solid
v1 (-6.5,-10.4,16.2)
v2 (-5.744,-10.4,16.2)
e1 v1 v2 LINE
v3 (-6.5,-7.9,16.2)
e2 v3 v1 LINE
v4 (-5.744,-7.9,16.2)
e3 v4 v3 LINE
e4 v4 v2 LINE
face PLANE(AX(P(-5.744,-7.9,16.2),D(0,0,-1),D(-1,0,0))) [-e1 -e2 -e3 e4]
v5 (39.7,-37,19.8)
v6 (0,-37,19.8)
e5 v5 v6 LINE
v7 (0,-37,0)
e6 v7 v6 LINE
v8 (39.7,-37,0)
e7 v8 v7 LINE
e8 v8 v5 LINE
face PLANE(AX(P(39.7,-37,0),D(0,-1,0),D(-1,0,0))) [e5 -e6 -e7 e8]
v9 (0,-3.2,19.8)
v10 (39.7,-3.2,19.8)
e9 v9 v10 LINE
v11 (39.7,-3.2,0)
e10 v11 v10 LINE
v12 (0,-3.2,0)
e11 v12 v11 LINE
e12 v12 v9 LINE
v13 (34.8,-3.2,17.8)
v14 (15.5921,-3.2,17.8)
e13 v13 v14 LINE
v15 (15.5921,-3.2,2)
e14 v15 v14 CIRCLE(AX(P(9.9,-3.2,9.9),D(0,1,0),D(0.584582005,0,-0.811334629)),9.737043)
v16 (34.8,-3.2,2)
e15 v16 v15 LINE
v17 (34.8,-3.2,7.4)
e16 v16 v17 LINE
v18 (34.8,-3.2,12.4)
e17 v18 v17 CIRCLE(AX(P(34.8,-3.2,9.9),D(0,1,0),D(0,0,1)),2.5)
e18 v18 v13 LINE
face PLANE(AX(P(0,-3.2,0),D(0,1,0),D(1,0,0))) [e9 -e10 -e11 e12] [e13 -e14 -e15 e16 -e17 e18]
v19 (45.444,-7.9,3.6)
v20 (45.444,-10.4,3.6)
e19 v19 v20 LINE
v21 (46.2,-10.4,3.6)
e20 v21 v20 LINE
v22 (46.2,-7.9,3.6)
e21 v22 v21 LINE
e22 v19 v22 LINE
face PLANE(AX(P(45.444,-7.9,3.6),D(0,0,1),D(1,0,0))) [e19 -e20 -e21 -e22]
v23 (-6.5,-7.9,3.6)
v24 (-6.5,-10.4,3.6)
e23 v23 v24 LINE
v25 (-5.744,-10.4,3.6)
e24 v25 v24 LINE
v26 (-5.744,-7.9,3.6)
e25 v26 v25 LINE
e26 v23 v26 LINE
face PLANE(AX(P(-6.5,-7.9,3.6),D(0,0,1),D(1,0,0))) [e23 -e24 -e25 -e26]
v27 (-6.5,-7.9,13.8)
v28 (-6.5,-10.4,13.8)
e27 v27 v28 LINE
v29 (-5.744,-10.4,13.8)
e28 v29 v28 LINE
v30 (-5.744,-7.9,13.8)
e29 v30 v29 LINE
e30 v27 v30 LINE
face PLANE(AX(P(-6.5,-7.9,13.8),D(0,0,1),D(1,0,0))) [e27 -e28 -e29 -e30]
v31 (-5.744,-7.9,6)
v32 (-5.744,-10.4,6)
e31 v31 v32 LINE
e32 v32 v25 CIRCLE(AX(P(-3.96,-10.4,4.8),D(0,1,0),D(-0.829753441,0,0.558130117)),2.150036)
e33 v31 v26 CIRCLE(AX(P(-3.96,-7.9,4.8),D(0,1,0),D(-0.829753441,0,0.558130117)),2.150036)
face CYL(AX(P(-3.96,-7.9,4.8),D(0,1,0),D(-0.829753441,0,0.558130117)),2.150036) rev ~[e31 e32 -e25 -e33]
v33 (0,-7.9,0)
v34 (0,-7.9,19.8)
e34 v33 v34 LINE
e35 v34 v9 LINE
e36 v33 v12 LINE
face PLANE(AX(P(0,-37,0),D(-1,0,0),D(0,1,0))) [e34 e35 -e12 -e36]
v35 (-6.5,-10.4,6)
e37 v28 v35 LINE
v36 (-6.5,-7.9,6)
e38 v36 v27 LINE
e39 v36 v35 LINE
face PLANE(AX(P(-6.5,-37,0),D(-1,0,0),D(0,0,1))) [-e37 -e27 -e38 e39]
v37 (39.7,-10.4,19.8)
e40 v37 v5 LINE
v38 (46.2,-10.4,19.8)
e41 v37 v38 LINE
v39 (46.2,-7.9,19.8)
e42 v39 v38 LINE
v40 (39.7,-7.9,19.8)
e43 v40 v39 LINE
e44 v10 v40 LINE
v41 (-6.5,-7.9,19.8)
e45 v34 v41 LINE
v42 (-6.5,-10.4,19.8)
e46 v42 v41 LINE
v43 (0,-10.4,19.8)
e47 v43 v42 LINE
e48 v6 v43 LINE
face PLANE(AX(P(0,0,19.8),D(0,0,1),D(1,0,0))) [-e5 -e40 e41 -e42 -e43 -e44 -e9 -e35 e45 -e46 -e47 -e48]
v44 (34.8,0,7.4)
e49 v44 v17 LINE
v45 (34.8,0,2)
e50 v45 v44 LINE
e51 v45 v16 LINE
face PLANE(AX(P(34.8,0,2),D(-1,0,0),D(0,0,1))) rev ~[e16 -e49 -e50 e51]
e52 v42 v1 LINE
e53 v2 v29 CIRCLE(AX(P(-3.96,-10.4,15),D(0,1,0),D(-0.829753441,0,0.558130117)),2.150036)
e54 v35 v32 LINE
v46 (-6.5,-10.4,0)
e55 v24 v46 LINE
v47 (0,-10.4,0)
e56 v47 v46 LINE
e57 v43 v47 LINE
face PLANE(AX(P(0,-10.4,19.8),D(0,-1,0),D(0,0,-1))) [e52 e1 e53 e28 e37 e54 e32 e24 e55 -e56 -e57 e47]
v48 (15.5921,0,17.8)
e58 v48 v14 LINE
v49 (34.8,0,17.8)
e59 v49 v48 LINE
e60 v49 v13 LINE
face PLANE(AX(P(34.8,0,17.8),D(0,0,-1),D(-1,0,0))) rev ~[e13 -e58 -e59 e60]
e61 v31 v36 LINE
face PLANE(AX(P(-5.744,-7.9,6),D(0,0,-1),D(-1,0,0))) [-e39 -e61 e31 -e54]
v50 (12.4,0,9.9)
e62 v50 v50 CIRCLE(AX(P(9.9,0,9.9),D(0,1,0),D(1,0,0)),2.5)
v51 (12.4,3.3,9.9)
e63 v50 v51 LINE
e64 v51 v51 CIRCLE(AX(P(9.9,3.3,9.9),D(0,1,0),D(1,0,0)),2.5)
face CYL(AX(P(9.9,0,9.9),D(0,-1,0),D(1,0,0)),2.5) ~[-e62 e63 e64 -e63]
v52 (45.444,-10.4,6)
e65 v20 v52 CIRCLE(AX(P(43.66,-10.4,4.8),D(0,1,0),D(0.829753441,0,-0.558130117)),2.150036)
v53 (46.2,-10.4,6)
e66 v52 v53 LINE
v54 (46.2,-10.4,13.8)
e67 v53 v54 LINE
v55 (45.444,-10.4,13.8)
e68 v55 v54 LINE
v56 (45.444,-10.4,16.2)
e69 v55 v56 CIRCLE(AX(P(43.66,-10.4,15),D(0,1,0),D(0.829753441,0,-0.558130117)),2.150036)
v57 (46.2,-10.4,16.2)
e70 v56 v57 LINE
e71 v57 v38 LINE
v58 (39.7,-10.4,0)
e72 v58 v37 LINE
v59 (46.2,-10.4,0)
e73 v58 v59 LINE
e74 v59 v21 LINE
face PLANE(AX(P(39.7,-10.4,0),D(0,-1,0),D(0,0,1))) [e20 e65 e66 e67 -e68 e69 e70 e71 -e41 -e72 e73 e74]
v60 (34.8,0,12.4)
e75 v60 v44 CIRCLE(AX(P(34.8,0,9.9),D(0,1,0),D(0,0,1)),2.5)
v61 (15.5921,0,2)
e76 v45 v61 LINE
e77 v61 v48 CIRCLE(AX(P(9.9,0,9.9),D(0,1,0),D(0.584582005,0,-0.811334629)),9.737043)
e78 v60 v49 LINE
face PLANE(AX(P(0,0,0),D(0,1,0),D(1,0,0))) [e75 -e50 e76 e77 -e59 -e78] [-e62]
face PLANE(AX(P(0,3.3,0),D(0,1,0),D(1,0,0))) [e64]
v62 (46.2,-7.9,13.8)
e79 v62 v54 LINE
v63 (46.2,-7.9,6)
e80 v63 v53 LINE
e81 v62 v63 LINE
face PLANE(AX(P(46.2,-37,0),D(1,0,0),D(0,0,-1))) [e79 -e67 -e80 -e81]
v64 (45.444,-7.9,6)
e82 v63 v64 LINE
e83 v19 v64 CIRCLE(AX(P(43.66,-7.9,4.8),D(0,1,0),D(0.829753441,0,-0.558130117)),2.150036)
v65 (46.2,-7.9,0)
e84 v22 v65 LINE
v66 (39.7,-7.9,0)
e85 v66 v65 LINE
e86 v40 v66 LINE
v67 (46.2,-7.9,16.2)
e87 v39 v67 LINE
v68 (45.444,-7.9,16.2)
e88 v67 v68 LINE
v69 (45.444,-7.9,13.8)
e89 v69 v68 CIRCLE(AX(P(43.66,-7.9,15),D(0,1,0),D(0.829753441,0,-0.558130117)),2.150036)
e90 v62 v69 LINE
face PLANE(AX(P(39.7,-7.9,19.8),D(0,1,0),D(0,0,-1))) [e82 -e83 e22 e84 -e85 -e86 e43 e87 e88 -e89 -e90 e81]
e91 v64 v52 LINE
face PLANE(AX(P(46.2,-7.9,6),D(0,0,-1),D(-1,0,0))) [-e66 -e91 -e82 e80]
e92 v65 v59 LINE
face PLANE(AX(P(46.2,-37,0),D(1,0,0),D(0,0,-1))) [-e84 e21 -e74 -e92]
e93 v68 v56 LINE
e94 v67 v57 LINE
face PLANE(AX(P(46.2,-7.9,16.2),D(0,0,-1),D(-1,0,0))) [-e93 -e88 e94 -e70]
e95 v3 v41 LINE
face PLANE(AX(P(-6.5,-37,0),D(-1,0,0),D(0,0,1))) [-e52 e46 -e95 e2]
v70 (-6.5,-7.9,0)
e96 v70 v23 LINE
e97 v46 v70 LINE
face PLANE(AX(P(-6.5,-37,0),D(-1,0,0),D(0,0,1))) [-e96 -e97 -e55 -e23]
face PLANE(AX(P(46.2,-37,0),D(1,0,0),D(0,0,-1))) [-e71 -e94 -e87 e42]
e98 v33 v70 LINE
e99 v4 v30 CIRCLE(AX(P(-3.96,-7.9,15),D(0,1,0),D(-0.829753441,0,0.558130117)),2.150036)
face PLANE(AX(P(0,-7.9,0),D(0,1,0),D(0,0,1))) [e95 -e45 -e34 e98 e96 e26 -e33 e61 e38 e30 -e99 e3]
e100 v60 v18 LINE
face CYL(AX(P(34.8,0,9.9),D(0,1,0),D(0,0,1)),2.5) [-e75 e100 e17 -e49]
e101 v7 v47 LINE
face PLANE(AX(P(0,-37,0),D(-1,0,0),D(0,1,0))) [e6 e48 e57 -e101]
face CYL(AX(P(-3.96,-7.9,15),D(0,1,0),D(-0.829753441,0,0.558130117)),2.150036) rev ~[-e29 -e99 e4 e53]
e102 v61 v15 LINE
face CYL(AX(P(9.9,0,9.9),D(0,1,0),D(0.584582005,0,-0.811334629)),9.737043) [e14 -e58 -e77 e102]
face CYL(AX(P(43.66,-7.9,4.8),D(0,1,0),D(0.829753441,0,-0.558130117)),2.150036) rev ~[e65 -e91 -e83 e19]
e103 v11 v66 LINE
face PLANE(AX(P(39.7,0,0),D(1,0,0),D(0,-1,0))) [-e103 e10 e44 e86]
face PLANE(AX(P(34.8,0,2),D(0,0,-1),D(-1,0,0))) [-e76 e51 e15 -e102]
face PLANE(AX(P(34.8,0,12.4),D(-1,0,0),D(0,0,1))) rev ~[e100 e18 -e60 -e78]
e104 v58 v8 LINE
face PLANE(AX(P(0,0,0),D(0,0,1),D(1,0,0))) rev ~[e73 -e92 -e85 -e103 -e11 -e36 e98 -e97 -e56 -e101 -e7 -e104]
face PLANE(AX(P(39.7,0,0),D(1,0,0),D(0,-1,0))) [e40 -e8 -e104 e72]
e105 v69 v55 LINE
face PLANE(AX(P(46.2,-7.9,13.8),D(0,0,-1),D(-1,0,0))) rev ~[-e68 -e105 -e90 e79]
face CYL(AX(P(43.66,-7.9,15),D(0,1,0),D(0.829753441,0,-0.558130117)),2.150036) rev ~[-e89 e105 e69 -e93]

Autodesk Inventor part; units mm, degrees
ref_plane "YZ Plane" through (0, 0, 0) normal (1, 0, 0) x (0, 1, 0)
ref_plane "XZ Plane" through (0, 0, 0) normal (0, 1, 0) x (-1, 0, 0)
ref_plane "XY Plane" through (0, 0, 0) normal (0, 0, 1) x (1, 0, 0)
sketch "Sketch1" plane through (0, 0, 0) normal (0, 0, 1) x (1, 0, 0)
  line L0 (0, 0) -> (39.7, 0)
  line L1 (39.7, 0) -> (39.7, -37)
  line L2 (39.7, -37) -> (0, -37)
  line L3 (0, -37) -> (0, 0)
  dimension "d0" = 39.7
  dimension "d1" = 37
extrude "Extrusion1" add sketch "Sketch1" along normal blind 19.8
sketch "Sketch2" plane through (39.7, -37, 0) normal (1, 0, 0) x (0, 0, -1)
  line L0 (-19.8, 37) -> (-19.8, 0) projected
  line L1 (0, 37) -> (0, 0) projected
  line L2 (0, 37) -> (-19.8, 37) projected
  line L3 (-19.8, 29.1) -> (0, 29.1)
  line L4 (0, 29.1) -> (0, 26.6)
  line L5 (0, 26.6) -> (-19.8, 26.6)
  line L6 (-19.8, 26.6) -> (-19.8, 29.1)
  dimension "d4" = 2.5
  dimension "d5" = 10.4
extrude "Extrusion2" add sketch "Sketch2" along normal blind 6.5 contours L3 L1 L5 L0
sketch "Sketch3" plane through (39.7, -7.9, 19.8) normal (0, 1, 0) x (1, 0, 0)
  line L0 (6.5, 0) -> (6.5, 19.8) projected
  arc A0 (5.744, 16.2) -> (5.744, 13.8) centre (3.96, 15) ccw
  arc A1 (5.744, 6) -> (5.744, 3.6) centre (3.96, 4.8) ccw
  line L1 (6.5, 4.8) -> (6.5, 6)
  line L2 (6.5, 6) -> (5.744, 6)
  line L3 (6.5, 3.6) -> (5.744, 3.6)
  line L4 (6.5, 4.8) -> (6.5, 3.6)
  line L5 (6.5, 15) -> (6.5, 13.8)
  line L6 (6.5, 13.8) -> (5.744, 13.8)
  line L7 (5.744, 16.2) -> (6.5, 16.2)
  line L8 (6.5, 16.2) -> (6.5, 15)
  point P0 (-39.7, 19.8)
extrude "Extrusion3" cut sketch "Sketch3" against normal blind 6.5
sketch "Sketch4" plane through (0, -37, 0) normal (-1, 0, 0) x (0, 0, 1)
  line L0 (19.8, 0) -> (19.8, 37) projected
  line L1 (0, 37) -> (19.8, 37) projected
  line L2 (0, 0) -> (0, 37) projected
  line L3 (0, 29.1) -> (19.8, 29.1)
  line L4 (19.8, 29.1) -> (19.8, 26.6)
  line L5 (19.8, 26.6) -> (0, 26.6)
  line L6 (0, 26.6) -> (0, 29.1)
  dimension "d18" = 2.5
  dimension "d19" = 10.4
extrude "Extrusion4" add sketch "Sketch4" along normal blind 6.5 contours L5 L2 L3 L0
sketch "Sketch5" plane through (0, -7.9, 19.8) normal (0, 1, 0) x (1, 0, 0)
  line L0 (-6.5, 19.8) -> (-6.5, 0) projected
  arc A0 (-5.744, 3.6) -> (-5.744, 6) centre (-3.96, 4.8) ccw
  arc A1 (-5.744, 13.8) -> (-5.744, 16.2) centre (-3.96, 15) ccw
  line L1 (-6.5, 15) -> (-6.5, 16.2)
  line L2 (-6.5, 16.2) -> (-5.744, 16.2)
  line L3 (-5.744, 13.8) -> (-6.5, 13.8)
  line L4 (-6.5, 13.8) -> (-6.5, 15)
  line L5 (-6.5, 4.8) -> (-6.5, 6)
  line L6 (-6.5, 6) -> (-5.744, 6)
  line L7 (-5.744, 3.6) -> (-6.5, 3.6)
  line L8 (-6.5, 3.6) -> (-6.5, 4.8)
  dimension "d25" = 4.3
  dimension "d26" = 1.2
  dimension "d27" = 2.4
extrude "Extrusion5" cut sketch "Sketch5" against normal blind 6.5
sketch "Sketch6" plane through (0, 0, 0) normal (0, 1, 0) x (1, 0, 0)
  line L0 (0, 0) -> (39.7, 0) projected
  line L1 (0, 0) -> (0, -19.8) projected
  circle A0 centre (9.9, -9.9) radius 2.5
  dimension "d30" = 5
  dimension "d31" = 19.8
  dimension "d32" = 9.9
  dimension "d33" = 9.9
extrude "Extrusion6" add sketch "Sketch6" along normal blind 3.3
sketch "Sketch7" plane through (0, 0, 0) normal (0, 1, 0) x (1, 0, 0)
  circle A0 centre (9.9, -9.9) radius 2.5 projected
  line L0 (0, -19.8) -> (39.7, -19.8) projected
  line L1 (39.7, 0) -> (39.7, -19.8) projected
  line L2 (0, 0) -> (39.7, 0) projected
  line L3 (0, 0) -> (0, -19.8) projected
  arc A1 (15.5921, -2) -> (15.5921, -17.8) centre (9.9, -9.9) ccw
  line L4 (34.8, -2) -> (15.5921, -2)
  line L5 (34.8, -17.8) -> (15.5921, -17.8)
  arc A2 (34.8, -12.4) -> (34.8, -7.4) centre (34.8, -9.9) ccw
  line L6 (34.8, -2) -> (34.8, -7.4)
  line L7 (34.8, -12.4) -> (34.8, -17.8)
  dimension "d36" = 2
  dimension "d37" = 2
  dimension "d39" = 5
extrude "Extrusion7" cut sketch "Sketch7" against normal blind 3.2 contours L3 L2 L1 L0
properties part number "7955"
